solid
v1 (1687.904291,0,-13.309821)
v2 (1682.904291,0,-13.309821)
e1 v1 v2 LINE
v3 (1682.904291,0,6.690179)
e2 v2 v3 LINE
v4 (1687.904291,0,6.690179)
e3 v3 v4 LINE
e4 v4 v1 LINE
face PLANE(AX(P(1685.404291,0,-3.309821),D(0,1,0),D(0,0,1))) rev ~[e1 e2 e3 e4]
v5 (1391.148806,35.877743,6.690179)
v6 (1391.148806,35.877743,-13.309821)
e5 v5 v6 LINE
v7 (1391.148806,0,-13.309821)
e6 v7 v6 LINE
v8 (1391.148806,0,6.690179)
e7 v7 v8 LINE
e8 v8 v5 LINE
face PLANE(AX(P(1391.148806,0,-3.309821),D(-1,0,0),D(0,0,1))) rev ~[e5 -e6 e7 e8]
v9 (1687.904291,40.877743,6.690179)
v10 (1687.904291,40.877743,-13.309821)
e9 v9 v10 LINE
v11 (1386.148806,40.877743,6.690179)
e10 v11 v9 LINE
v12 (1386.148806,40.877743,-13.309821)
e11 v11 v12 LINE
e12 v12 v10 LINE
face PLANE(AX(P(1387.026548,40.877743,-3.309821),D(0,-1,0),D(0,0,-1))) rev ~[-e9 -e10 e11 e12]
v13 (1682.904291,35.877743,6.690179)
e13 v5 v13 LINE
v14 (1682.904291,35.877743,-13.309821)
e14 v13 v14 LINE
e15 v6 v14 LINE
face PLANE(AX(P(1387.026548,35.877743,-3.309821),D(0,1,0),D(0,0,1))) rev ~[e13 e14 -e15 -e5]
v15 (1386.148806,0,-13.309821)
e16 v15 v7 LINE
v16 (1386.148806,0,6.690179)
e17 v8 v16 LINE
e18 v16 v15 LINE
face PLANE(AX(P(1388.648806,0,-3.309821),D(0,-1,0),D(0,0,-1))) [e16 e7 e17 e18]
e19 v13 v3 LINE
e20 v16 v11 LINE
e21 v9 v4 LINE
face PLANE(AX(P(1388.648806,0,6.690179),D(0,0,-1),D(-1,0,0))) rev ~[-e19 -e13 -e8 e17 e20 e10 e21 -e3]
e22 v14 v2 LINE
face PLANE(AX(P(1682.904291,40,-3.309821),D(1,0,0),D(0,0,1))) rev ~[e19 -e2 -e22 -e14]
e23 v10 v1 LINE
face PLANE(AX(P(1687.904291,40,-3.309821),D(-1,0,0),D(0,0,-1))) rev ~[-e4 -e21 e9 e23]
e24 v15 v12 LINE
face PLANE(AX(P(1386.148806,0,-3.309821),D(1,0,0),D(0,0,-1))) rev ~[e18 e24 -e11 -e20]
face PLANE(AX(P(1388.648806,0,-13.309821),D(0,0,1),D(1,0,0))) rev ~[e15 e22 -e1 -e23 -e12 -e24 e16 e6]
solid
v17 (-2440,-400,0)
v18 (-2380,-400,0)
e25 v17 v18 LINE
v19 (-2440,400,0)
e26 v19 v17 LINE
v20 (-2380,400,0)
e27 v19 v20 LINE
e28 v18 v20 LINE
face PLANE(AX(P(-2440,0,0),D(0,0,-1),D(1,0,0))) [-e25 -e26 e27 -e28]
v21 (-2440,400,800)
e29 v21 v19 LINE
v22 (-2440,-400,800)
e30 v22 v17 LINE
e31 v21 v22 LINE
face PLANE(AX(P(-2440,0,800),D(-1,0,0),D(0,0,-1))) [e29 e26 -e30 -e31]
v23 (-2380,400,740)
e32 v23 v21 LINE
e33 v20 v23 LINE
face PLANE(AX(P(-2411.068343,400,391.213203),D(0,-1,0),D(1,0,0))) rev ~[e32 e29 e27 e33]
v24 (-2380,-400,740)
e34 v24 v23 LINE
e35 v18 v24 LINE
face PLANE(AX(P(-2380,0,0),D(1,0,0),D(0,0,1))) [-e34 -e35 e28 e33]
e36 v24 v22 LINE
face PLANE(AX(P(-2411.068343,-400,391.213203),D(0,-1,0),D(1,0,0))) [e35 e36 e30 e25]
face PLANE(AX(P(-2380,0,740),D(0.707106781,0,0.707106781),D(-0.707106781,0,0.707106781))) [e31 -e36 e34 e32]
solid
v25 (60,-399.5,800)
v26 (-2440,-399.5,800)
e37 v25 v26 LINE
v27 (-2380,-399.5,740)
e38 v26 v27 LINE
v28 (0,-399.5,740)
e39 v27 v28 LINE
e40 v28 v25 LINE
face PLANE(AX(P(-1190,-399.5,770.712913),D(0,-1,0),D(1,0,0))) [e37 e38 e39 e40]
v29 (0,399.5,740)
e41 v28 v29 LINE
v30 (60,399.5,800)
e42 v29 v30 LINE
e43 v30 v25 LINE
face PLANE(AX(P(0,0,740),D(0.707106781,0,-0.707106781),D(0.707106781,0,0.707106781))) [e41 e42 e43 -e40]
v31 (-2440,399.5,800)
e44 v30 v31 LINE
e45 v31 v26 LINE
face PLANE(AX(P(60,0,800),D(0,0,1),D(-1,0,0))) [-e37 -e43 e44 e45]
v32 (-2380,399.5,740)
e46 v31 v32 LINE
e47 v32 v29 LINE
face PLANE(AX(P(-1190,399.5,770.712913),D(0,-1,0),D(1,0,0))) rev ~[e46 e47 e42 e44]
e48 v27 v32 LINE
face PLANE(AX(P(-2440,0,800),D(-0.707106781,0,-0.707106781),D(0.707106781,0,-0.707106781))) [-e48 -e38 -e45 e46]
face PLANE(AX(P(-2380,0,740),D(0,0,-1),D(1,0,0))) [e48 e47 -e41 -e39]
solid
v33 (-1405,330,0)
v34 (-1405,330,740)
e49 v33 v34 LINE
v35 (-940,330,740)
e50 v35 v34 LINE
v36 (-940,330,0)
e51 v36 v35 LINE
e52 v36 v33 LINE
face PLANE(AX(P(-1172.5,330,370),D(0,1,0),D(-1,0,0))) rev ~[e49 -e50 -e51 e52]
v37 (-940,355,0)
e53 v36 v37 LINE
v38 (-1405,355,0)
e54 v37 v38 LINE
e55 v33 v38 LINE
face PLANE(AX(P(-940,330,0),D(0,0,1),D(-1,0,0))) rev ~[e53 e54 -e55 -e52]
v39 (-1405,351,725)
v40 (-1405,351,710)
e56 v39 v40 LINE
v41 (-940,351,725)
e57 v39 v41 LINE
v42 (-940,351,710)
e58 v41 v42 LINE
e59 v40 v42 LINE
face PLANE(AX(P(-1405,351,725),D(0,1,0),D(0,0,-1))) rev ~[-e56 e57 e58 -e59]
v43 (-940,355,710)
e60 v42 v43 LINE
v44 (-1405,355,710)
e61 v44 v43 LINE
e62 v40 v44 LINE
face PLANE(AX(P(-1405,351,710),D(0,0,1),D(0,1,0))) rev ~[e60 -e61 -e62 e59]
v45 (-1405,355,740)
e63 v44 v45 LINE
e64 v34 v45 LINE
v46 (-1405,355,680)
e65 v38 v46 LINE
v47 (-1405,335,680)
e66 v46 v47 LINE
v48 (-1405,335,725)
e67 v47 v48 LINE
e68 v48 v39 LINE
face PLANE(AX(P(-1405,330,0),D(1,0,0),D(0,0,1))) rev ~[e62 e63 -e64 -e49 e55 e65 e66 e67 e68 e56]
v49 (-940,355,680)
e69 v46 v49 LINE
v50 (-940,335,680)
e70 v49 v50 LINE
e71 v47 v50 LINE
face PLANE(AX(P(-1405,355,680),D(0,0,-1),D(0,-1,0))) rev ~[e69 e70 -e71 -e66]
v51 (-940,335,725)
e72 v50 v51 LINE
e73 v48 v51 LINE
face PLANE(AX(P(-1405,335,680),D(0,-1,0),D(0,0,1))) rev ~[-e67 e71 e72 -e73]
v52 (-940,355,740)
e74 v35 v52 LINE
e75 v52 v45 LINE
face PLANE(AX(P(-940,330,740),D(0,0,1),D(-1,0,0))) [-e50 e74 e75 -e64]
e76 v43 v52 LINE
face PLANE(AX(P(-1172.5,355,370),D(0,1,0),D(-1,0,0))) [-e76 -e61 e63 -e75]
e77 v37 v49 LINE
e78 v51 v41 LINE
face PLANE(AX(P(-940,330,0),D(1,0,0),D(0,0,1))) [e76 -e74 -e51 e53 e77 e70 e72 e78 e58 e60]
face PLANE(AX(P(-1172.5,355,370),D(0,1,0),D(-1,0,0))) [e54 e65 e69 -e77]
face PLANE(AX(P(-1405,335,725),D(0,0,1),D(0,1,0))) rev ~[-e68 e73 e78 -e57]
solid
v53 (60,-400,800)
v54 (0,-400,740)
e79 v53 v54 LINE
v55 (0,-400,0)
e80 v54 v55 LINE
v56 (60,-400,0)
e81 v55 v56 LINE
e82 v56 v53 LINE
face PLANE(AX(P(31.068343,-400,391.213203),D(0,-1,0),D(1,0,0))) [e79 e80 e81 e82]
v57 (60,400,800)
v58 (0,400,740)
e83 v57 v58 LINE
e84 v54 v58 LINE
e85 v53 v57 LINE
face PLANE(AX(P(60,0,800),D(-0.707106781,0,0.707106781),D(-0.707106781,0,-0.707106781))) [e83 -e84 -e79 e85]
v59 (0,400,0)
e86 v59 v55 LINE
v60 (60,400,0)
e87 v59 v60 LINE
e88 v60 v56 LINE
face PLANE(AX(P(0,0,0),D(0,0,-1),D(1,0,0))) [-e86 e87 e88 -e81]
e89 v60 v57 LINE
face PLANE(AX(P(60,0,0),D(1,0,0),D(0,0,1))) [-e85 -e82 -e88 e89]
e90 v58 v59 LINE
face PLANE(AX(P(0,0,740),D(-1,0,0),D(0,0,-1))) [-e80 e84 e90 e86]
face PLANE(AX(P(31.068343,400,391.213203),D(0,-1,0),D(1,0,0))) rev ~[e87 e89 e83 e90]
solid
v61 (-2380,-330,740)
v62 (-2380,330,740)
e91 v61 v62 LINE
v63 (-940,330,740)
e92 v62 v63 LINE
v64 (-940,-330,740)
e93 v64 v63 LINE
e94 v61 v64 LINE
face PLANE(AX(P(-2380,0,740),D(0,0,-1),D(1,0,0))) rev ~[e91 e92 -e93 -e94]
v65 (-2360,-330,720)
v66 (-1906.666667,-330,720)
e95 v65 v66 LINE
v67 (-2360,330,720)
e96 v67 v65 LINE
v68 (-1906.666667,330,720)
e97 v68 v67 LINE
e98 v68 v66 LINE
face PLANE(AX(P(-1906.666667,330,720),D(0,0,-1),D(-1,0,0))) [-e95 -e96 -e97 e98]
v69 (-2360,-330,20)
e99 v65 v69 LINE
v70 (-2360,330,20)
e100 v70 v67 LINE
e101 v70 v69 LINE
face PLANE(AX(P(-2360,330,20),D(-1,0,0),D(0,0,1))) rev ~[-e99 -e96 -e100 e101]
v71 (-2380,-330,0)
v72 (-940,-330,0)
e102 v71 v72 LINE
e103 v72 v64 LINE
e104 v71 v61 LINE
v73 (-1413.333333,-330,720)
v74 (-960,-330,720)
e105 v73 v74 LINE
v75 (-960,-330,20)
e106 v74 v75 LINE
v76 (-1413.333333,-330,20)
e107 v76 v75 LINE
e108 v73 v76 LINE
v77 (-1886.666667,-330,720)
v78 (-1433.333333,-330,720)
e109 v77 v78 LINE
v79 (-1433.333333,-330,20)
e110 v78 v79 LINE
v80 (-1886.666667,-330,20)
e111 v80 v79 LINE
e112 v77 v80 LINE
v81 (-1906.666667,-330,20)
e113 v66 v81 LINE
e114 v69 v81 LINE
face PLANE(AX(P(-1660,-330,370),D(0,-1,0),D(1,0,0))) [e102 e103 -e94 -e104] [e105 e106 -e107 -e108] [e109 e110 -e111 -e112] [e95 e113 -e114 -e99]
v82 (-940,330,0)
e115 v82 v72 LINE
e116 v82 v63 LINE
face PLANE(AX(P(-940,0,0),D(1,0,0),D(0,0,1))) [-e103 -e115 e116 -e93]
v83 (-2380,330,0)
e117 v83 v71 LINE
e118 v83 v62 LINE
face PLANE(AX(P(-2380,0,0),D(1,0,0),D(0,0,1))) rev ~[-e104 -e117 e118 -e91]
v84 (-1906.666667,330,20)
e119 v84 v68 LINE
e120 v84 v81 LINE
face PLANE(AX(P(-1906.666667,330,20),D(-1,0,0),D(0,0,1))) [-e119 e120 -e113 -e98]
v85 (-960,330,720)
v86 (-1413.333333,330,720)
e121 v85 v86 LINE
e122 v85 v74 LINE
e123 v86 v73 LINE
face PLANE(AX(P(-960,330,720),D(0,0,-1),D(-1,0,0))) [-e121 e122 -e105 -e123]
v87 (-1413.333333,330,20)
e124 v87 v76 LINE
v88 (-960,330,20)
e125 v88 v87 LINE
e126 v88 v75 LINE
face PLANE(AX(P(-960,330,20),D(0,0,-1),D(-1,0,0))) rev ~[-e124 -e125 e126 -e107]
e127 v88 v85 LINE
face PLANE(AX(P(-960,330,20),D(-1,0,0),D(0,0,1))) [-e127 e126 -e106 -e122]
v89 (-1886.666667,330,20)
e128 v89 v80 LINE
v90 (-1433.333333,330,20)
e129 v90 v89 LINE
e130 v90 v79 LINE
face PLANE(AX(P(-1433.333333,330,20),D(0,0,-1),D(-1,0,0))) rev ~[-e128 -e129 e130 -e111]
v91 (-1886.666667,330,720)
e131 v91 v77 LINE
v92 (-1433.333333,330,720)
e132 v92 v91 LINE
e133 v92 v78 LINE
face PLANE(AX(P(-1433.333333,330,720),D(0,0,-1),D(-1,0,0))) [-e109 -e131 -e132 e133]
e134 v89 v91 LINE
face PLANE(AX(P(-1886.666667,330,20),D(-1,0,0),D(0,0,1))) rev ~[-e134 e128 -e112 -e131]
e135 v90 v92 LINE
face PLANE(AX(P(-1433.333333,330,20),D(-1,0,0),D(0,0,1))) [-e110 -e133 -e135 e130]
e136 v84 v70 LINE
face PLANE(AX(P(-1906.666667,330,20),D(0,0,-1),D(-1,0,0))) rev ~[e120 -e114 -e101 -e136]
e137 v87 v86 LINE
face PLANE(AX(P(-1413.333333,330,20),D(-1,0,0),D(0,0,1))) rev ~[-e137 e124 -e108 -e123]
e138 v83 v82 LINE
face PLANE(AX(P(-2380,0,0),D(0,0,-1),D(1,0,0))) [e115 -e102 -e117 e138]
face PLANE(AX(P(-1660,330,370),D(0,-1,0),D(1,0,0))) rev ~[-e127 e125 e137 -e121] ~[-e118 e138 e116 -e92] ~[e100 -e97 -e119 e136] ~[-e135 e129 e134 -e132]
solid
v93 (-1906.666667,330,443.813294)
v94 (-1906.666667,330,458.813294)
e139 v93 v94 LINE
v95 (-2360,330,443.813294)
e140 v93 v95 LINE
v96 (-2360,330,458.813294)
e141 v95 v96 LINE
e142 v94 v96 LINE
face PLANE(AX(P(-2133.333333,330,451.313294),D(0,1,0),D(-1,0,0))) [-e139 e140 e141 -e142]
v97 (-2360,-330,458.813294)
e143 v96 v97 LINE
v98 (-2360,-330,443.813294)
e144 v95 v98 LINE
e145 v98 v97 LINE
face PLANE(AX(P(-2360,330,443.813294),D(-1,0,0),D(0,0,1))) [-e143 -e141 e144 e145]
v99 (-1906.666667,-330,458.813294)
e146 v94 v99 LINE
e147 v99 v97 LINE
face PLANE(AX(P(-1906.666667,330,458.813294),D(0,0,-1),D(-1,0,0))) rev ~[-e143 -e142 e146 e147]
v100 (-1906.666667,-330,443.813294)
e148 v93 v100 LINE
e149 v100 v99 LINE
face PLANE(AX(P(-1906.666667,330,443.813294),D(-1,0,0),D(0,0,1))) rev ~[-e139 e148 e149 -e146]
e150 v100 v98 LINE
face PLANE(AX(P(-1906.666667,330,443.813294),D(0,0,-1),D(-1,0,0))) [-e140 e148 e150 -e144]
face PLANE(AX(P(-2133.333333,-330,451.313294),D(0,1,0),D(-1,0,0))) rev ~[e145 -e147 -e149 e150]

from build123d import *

# Parameters (mm, degrees)
F1_DEPTH  = 400
F3_DEPTH  = 399.5
F5_DEPTH  = 400
F6_W      = 1440
F6_H      = 740
F7_DEPTH  = 330
F8_W      = 453.3333333333
F8_H      = 700
F9_DEPTH  = 730.001
F10_W     = 453.3333333333
F10_H     = 15
F11_DEPTH = 660
F12_W     = 465
F12_H     = 740
F13_DEPTH = 25
F15_W     = 5
F15_H     = 20
F18_DEPTH = 465


with BuildPart() as f1:
    # F0 (on Front) → F1 (new body, symmetric)
    with BuildSketch(Plane.XZ):
        Polygon((0, 740), (0, 0), (60, 0), (60, 800), align=None)
    extrude(amount=F1_DEPTH, both=True)


with BuildPart() as f3:
    # F2 (on Front) → F3 (new body, symmetric)
    with BuildSketch(Plane.XZ):
        Polygon((0, 740), (60, 800), (-2440, 800), (-2380, 740), align=None)
    extrude(amount=F3_DEPTH, both=True)


with BuildPart() as f5:
    # F4 (on Front) → F5 (new body, symmetric)
    with BuildSketch(Plane.XZ):
        Polygon((-2380, 740), (-2440, 800), (-2440, 0), (-2380, 0), align=None)
    extrude(amount=F5_DEPTH, both=True)


with BuildPart() as f7:
    # F6 (on Front) → F7 (new body, symmetric)
    with BuildSketch(Plane.XZ):
        with Locations((-1660, 370)):
            Rectangle(F6_W, F6_H)
    extrude(amount=F7_DEPTH, both=True)

    # F8 (on face) → F9 (cut, through all)
    with BuildSketch(Plane(origin=(0, 330, 0), x_dir=(-1, 0, 0), z_dir=(0, 1, 0))):
        with Locations((1186.6666666667, 370)):
            Rectangle(F8_W, F8_H)
        with Locations((1660, 370)):
            Rectangle(F8_W, F8_H)
        with Locations((2133.3333333333, 370)):
            Rectangle(F8_W, F8_H)
    extrude(amount=-F9_DEPTH, mode=Mode.SUBTRACT)


with BuildPart() as f11:
    # F10 (on face) → F11 (new body, through all)
    with BuildSketch(Plane(origin=(0, 330, 0), x_dir=(-1, 0, 0), z_dir=(0, 1, 0))):
        with Locations((2133.3333333333, 451.3132941723)):
            Rectangle(F10_W, F10_H)
    extrude(amount=-F11_DEPTH)


with BuildPart() as f13:
    # F12 (on face) → F13 (new body)
    with BuildSketch(Plane(origin=(0, 330, 0), x_dir=(-1, 0, 0), z_dir=(0, 1, 0))):
        with Locations((1172.5, 370)):
            Rectangle(F12_W, F12_H)
    extrude(amount=F13_DEPTH)

    # F17 (on face) → F18 (cut, through all)
    with BuildSketch(Plane(origin=(-1405, 0, 0), x_dir=(0, -1, 0), z_dir=(-1, 0, 0))):
        Polygon((-351, 710), (-355, 710), (-355, 680), (-335, 680), (-335, 725), (-351, 725), align=None)
    extrude(amount=-F18_DEPTH, mode=Mode.SUBTRACT)


with BuildPart() as f16:
    # F16: sweep along a path in F14
    with BuildLine(Plane.XY) as f16_path:
        Line((1387.0265483856, 0), (1387.0265483856, 40))
        Line((1387.0265483856, 40), (1687.0265483856, 40))
        Line((1687.0265483856, 40), (1687.0265483856, 0))
    # F15 (on Front) → F16 (sweep)
    with BuildSketch(Plane.XZ):
        with Locations((1388.6488056183, -3.3098214678)):
            Rectangle(F15_W, F15_H)
    sweep(path=f16_path.line, transition=Transition.RIGHT)


solid = Compound([f1.part, f3.part, f5.part, f7.part, f11.part, f13.part, f16.part])
